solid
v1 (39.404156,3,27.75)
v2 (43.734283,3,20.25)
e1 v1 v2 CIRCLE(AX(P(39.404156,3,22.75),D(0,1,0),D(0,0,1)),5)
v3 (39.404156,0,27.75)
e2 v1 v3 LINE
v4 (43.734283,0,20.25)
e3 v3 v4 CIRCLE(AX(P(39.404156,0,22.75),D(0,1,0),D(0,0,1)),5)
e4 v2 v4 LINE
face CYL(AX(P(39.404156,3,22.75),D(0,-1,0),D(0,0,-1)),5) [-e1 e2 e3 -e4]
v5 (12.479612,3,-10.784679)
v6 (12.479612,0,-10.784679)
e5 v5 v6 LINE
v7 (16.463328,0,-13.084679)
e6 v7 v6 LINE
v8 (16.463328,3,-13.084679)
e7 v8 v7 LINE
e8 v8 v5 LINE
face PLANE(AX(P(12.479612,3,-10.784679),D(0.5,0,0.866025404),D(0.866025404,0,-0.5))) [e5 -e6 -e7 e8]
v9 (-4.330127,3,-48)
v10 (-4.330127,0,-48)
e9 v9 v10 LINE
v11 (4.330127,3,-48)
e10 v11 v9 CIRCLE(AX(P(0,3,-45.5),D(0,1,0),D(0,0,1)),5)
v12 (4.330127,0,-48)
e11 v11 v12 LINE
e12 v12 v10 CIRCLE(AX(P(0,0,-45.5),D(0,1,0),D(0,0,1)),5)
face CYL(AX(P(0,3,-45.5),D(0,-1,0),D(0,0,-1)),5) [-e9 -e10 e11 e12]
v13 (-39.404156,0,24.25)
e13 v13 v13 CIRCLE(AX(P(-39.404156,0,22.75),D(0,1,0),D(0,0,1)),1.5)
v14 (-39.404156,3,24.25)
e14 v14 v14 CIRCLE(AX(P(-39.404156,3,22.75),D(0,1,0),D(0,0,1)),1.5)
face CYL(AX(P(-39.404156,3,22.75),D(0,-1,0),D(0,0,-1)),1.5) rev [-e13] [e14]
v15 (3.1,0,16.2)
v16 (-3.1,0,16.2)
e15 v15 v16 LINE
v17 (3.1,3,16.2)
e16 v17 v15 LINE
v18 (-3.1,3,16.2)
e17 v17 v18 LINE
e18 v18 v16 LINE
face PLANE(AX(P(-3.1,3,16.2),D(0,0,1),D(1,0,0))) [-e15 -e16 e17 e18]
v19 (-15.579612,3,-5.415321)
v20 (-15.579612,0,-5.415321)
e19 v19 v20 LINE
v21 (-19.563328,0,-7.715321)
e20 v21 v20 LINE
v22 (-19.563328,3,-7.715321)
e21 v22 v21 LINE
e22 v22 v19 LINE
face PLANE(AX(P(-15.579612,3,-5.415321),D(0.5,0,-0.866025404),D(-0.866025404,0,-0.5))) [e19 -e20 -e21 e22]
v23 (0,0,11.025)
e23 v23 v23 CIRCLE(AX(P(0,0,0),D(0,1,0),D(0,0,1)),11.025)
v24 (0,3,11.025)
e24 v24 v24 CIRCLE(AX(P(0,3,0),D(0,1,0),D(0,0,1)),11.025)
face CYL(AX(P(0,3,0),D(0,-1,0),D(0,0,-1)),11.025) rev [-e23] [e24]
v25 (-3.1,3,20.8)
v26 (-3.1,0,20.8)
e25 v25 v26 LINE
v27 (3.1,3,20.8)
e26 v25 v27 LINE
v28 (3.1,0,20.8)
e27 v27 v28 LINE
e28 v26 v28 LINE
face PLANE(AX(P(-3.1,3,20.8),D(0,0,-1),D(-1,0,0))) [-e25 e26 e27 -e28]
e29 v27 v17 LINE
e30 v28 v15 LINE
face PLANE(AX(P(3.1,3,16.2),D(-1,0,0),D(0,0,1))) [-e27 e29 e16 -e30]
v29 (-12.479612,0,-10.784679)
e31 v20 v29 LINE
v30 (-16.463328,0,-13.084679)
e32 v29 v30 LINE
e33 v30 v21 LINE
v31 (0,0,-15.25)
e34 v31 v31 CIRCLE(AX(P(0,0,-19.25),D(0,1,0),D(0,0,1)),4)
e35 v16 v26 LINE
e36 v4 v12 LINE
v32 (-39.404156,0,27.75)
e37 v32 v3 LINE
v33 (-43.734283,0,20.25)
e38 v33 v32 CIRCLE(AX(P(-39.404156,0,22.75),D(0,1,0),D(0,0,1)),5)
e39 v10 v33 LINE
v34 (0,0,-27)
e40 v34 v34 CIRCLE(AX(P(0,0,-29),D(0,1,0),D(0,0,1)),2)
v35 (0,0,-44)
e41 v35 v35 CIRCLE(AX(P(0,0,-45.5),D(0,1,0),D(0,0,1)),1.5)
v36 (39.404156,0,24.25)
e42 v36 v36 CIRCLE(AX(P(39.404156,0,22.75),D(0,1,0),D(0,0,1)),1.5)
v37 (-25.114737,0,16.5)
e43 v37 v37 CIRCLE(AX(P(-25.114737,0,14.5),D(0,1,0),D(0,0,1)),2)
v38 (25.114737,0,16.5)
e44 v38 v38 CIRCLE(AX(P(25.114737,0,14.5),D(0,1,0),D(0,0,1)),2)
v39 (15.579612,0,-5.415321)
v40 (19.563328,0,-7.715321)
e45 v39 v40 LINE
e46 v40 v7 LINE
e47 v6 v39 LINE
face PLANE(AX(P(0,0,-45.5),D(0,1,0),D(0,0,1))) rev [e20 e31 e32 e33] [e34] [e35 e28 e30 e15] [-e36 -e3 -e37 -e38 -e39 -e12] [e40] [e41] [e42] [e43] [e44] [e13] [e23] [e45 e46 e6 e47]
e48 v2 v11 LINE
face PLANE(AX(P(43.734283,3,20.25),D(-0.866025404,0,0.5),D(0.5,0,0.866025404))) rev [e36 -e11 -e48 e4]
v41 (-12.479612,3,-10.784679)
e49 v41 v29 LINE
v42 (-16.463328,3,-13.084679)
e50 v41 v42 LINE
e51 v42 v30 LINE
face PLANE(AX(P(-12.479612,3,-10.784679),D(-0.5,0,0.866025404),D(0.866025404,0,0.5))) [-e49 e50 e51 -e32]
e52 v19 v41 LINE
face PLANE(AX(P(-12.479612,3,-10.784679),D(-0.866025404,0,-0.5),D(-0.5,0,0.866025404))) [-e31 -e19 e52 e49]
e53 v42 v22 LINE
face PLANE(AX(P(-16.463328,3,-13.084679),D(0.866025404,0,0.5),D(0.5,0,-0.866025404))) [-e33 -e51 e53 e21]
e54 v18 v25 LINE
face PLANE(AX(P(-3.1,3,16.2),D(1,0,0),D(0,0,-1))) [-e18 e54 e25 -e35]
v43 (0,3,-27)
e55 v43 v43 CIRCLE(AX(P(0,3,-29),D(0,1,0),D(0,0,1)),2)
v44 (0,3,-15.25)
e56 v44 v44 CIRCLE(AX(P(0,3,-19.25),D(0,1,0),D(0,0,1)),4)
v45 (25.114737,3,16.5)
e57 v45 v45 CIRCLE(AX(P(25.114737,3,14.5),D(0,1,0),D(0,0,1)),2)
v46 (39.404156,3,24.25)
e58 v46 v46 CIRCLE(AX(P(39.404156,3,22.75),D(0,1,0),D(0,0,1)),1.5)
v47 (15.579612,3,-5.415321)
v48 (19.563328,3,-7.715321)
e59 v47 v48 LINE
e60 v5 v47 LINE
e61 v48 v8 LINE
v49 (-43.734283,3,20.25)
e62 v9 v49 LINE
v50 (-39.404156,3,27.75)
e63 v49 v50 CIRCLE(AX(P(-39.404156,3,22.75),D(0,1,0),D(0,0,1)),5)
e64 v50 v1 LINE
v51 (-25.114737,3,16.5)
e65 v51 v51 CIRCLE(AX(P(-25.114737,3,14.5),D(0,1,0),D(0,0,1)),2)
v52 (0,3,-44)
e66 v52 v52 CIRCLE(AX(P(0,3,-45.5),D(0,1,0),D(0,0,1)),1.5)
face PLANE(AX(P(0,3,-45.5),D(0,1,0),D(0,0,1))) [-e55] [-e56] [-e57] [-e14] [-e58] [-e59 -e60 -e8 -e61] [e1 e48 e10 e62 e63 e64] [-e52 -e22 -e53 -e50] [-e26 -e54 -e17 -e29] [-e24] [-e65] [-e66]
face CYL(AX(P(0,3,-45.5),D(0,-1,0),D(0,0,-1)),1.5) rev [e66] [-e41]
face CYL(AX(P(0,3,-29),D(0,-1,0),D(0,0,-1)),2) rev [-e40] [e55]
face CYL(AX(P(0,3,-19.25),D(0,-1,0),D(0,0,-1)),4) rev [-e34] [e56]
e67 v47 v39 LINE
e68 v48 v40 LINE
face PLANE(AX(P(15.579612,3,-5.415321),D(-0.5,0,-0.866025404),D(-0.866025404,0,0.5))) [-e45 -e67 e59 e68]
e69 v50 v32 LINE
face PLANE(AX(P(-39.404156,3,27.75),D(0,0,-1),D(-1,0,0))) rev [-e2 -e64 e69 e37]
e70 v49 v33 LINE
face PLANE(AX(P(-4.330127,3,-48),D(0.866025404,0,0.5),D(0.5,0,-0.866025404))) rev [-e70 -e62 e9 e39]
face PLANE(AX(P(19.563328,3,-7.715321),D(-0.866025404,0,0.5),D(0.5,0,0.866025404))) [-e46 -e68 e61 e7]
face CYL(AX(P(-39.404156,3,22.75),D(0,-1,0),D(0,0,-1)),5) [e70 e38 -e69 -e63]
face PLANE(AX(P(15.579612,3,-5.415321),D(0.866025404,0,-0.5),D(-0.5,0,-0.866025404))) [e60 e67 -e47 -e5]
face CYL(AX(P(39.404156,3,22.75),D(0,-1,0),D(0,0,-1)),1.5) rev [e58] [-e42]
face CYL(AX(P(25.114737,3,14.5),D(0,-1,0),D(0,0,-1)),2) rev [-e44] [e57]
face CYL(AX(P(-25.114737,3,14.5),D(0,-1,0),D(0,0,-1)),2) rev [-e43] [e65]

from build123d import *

# Parameters (mm, degrees)
SKETCH_1_R      = 11.025
SKETCH_1_R_2    = 1.5
SKETCH_1_R_3    = 2
SKETCH_1_R_4    = 4
SKETCH_1_W      = 6.2
SKETCH_1_H      = 4.6
EXTRUDE_1_DEPTH = 3


with BuildPart() as part:
    # 草图1 → 凸台-拉伸1 (new body)
    with BuildSketch(Plane(origin=(0, 0, 0), x_dir=(1, 0, 0), z_dir=(0, 1, 0))):
        with BuildLine():
            Line((-4.330127019, 48), (-43.734282891, -20.25))
            ThreePointArc((-43.734282891, -20.25), (-43.734282891, -25.25), (-39.404155872, -27.75))
            Line((-39.404155872, -27.75), (39.404155872, -27.75))
            ThreePointArc((39.404155872, -27.75), (43.734282891, -25.25), (43.734282891, -20.25))
            Line((43.734282891, -20.25), (4.330127019, 48))
            ThreePointArc((4.330127019, 48), (0, 50.5), (-4.330127019, 48))
        make_face()
        with Locations(Location((0, 0, 0), (0, 0, 270))):
            Circle(SKETCH_1_R, mode=Mode.SUBTRACT)
        with Locations(Location((0, 45.5, 0), (0, 0, 270))):
            Circle(SKETCH_1_R_2, mode=Mode.SUBTRACT)
        with Locations(Location((39.404155872, -22.75, 0), (0, 0, 270))):
            Circle(SKETCH_1_R_2, mode=Mode.SUBTRACT)
        with Locations(Location((-39.404155872, -22.75, 0), (0, 0, 270))):
            Circle(SKETCH_1_R_2, mode=Mode.SUBTRACT)
        with Locations(Location((0, 29, 0), (0, 0, 270))):
            Circle(SKETCH_1_R_3, mode=Mode.SUBTRACT)
        with Locations(Location((25.11473671, -14.5, 0), (0, 0, 270))):
            Circle(SKETCH_1_R_3, mode=Mode.SUBTRACT)
        with Locations(Location((-25.11473671, -14.5, 0), (0, 0, 270))):
            Circle(SKETCH_1_R_3, mode=Mode.SUBTRACT)
        with Locations(Location((0, 19.25, 0), (0, 0, 270))):
            Circle(SKETCH_1_R_4, mode=Mode.SUBTRACT)
        Polygon((-12.479611541, 10.784678752), (-16.463328399, 13.084678752), (-19.563328399, 7.715321248), (-15.579611541, 5.415321248), align=None, mode=Mode.SUBTRACT)
        with Locations((0, -18.5)):
            Rectangle(SKETCH_1_W, SKETCH_1_H, mode=Mode.SUBTRACT)
        Polygon((15.579611541, 5.415321248), (19.563328399, 7.715321248), (16.463328399, 13.084678752), (12.479611541, 10.784678752), align=None, mode=Mode.SUBTRACT)
    extrude(amount=EXTRUDE_1_DEPTH)


solid = part.part
